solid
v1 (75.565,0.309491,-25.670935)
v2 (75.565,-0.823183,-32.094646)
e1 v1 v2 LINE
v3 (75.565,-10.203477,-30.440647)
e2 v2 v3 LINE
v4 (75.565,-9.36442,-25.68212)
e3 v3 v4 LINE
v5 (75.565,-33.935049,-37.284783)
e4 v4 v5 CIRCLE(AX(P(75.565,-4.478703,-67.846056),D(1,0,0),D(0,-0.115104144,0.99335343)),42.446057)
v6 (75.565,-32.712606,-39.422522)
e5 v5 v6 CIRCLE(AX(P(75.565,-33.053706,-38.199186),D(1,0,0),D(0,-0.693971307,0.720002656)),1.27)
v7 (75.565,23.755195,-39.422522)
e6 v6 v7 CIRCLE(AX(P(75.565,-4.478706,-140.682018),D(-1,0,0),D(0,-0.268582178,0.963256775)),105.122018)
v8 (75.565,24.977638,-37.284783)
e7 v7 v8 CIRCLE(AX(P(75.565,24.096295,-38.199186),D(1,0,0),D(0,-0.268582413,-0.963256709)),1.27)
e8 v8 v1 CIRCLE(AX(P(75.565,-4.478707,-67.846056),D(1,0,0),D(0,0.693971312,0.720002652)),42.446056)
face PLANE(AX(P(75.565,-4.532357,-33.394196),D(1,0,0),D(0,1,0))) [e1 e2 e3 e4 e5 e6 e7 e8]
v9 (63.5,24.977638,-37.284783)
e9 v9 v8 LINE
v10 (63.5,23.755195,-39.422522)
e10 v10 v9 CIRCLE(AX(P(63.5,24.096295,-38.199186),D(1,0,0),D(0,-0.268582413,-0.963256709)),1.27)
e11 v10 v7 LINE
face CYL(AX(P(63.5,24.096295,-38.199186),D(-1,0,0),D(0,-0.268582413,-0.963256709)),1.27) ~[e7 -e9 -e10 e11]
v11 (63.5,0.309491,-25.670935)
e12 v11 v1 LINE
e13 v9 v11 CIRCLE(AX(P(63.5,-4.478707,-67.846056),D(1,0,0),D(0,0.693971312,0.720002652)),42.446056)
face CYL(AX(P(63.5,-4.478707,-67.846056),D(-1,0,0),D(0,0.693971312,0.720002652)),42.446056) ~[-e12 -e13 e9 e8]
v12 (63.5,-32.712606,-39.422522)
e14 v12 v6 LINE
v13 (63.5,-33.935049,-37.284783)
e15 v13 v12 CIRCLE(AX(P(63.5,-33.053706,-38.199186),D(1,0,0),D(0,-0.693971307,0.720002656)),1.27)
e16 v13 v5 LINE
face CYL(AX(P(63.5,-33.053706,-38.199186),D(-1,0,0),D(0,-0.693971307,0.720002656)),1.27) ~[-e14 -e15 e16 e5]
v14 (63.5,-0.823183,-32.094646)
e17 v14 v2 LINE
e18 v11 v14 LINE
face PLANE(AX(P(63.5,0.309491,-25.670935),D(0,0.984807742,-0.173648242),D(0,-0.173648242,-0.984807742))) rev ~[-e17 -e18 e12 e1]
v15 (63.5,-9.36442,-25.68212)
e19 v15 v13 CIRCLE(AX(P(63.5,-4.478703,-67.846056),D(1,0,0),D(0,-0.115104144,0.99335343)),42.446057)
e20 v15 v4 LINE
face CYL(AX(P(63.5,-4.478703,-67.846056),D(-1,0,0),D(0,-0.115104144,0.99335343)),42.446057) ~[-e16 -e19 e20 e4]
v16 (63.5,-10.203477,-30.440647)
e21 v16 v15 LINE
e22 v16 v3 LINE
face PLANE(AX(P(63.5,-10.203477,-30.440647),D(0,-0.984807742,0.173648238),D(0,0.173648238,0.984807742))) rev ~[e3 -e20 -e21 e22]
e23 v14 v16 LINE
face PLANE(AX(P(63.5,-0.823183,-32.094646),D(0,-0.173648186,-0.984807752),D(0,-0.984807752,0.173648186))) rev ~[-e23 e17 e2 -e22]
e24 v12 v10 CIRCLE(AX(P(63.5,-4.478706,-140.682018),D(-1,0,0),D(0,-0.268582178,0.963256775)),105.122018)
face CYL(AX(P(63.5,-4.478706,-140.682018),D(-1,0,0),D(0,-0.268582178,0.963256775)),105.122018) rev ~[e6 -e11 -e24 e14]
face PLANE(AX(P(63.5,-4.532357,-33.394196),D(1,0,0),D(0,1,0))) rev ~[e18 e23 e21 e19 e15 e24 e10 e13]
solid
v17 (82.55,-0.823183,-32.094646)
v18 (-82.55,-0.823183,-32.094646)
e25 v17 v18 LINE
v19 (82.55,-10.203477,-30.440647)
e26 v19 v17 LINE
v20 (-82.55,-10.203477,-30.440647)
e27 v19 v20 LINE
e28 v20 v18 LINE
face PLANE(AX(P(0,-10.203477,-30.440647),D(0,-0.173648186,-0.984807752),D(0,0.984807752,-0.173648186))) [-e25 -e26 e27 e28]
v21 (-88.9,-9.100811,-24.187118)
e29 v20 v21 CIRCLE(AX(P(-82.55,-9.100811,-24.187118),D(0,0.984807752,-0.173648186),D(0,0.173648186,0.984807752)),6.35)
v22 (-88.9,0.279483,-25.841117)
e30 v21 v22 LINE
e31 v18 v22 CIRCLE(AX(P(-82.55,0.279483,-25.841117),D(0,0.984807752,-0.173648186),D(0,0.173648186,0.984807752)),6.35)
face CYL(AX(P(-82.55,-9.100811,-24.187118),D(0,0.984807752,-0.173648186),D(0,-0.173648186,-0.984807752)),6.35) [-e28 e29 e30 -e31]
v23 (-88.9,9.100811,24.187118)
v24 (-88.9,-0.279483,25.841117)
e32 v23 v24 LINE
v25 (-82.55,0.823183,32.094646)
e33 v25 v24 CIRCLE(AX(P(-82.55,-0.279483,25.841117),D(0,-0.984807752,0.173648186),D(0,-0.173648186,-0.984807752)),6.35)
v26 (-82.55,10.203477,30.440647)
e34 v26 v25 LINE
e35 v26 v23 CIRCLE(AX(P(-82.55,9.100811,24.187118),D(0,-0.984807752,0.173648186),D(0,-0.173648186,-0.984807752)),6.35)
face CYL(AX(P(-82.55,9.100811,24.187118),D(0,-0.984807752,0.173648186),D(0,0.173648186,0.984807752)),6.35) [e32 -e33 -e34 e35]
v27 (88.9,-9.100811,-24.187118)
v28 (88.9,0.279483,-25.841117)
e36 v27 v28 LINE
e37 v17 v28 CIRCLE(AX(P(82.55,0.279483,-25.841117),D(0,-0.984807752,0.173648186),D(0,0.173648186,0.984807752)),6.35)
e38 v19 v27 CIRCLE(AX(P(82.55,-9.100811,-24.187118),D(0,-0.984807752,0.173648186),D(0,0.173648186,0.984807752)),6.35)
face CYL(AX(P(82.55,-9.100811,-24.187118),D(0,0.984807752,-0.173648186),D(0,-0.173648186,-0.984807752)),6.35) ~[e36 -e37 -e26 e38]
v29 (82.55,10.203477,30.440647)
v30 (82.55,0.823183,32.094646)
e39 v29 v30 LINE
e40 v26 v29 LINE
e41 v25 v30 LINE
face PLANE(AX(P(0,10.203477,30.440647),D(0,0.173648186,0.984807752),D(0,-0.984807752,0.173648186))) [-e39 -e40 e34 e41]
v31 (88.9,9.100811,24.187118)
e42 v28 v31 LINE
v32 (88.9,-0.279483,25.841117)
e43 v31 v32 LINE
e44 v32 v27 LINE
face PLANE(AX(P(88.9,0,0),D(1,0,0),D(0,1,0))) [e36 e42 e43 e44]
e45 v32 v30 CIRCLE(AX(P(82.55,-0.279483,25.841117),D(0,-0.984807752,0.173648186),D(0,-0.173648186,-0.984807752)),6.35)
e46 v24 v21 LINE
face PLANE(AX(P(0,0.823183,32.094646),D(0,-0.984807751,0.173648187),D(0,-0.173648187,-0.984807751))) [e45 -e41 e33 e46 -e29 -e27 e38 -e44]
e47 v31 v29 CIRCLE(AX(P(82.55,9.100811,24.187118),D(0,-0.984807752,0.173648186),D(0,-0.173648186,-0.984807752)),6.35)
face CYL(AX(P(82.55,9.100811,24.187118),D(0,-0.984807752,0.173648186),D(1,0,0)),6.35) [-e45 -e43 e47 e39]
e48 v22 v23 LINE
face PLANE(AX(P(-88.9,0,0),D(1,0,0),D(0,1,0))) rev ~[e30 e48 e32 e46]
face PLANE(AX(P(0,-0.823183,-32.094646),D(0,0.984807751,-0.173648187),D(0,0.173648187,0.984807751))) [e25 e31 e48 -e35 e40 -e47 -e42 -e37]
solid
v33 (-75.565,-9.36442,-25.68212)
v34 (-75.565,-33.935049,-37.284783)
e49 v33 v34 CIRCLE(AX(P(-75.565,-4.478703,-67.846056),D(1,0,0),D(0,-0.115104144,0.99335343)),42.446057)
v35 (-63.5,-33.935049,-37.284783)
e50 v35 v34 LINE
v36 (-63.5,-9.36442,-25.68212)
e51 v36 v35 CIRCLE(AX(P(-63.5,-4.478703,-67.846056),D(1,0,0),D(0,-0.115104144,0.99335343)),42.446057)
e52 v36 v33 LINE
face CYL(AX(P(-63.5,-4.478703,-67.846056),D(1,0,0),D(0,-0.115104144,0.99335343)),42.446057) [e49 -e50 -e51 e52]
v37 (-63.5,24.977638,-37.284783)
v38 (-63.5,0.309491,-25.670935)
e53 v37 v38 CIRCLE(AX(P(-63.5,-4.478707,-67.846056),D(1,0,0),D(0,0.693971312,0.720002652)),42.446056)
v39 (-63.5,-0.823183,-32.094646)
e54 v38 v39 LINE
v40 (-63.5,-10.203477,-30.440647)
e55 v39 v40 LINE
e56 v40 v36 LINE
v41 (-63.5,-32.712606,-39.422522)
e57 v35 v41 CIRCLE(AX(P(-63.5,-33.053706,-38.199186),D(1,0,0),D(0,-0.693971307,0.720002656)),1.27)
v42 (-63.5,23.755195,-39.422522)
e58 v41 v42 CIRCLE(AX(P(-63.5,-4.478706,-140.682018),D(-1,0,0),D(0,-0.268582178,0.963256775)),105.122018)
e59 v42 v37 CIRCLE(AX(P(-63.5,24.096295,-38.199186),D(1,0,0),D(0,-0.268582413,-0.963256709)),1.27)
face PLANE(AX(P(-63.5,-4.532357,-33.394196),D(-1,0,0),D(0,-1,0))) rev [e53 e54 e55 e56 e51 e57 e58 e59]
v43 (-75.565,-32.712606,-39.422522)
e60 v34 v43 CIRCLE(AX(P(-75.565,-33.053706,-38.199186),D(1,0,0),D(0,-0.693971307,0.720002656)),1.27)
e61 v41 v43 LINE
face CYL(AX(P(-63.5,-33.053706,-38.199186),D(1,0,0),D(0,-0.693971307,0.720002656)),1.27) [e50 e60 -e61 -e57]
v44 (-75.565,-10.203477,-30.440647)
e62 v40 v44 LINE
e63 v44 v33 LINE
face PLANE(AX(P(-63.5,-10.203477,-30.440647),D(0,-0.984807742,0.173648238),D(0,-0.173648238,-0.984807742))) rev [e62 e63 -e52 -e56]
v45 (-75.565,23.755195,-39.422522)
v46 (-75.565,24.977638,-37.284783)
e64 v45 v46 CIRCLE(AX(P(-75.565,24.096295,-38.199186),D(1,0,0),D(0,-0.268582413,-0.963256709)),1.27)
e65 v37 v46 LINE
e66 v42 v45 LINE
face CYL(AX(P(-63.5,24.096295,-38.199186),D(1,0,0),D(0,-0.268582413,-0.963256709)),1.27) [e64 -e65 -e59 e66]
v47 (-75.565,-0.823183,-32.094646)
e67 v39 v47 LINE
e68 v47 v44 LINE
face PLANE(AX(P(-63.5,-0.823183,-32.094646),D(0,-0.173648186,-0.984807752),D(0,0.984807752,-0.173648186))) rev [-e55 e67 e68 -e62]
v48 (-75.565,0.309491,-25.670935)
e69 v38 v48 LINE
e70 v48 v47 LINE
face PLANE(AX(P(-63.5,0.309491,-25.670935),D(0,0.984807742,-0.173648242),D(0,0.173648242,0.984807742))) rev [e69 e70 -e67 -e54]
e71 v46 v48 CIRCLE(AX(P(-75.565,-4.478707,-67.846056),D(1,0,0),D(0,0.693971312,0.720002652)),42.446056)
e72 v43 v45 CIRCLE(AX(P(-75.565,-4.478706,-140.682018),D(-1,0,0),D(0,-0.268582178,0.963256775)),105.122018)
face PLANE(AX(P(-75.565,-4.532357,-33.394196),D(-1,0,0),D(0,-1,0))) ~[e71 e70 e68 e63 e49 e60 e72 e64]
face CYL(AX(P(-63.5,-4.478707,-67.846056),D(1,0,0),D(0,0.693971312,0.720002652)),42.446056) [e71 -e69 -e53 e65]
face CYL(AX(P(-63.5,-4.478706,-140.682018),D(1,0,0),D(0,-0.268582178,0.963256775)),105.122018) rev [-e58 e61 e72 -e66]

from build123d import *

# Parameters (mm, degrees)
F1_DEPTH = 88.9
F2_R     = 6.35
F5_DEPTH = 12.065


with BuildPart() as f1:
    # F0 (on Right) → F1 (new body, symmetric)
    with BuildSketch(Plane.YZ):
        Polygon((-0.823183, -32.094646), (10.203477, 30.440647), (0.823183, 32.094646), (-10.203477, -30.440647), align=None)
    extrude(amount=F1_DEPTH, both=True)

    # F2
    f2_edges = [f1.edges().sort_by_distance(p)[0] for p in [
        (88.9, 5.51333, 31.267646),
        (88.9, -5.51333, -31.267646),
        (-88.9, 5.51333, 31.267646),
        (-88.9, -5.51333, -31.267646),
    ]]
    fillet(f2_edges, radius=F2_R)


with BuildPart() as f5:
    # F4 (on offset) → F5 (new body)
    with BuildSketch(Plane.YZ.offset(63.5)):
        with BuildLine():
            ThreePointArc((-32.712606, -39.422522), (-4.478705, -35.56), (23.755195, -39.422522))
            ThreePointArc((23.755195, -39.422522), (25.198768, -38.829624), (24.977638, -37.284783))
            ThreePointArc((24.977638, -37.284783), (13.601463, -29.443255), (0.309491, -25.670935))
            Line((0.309491, -25.670935), (-0.823183, -32.094646))
            Line((-0.823183, -32.094646), (-10.203477, -30.440647))
            Line((-10.203477, -30.440647), (-9.36442, -25.68212))
            ThreePointArc((-9.36442, -25.68212), (-22.603266, -29.464186), (-33.935049, -37.284783))
            ThreePointArc((-33.935049, -37.284783), (-34.156179, -38.829624), (-32.712606, -39.422522))
        make_face()
    extrude(amount=F5_DEPTH)


with BuildPart() as f6_1:
    # F6: instance of F5
    add(f5.part.mirror(Plane.YZ))


solid = Compound([f1.part, f5.part, f6_1.part])
